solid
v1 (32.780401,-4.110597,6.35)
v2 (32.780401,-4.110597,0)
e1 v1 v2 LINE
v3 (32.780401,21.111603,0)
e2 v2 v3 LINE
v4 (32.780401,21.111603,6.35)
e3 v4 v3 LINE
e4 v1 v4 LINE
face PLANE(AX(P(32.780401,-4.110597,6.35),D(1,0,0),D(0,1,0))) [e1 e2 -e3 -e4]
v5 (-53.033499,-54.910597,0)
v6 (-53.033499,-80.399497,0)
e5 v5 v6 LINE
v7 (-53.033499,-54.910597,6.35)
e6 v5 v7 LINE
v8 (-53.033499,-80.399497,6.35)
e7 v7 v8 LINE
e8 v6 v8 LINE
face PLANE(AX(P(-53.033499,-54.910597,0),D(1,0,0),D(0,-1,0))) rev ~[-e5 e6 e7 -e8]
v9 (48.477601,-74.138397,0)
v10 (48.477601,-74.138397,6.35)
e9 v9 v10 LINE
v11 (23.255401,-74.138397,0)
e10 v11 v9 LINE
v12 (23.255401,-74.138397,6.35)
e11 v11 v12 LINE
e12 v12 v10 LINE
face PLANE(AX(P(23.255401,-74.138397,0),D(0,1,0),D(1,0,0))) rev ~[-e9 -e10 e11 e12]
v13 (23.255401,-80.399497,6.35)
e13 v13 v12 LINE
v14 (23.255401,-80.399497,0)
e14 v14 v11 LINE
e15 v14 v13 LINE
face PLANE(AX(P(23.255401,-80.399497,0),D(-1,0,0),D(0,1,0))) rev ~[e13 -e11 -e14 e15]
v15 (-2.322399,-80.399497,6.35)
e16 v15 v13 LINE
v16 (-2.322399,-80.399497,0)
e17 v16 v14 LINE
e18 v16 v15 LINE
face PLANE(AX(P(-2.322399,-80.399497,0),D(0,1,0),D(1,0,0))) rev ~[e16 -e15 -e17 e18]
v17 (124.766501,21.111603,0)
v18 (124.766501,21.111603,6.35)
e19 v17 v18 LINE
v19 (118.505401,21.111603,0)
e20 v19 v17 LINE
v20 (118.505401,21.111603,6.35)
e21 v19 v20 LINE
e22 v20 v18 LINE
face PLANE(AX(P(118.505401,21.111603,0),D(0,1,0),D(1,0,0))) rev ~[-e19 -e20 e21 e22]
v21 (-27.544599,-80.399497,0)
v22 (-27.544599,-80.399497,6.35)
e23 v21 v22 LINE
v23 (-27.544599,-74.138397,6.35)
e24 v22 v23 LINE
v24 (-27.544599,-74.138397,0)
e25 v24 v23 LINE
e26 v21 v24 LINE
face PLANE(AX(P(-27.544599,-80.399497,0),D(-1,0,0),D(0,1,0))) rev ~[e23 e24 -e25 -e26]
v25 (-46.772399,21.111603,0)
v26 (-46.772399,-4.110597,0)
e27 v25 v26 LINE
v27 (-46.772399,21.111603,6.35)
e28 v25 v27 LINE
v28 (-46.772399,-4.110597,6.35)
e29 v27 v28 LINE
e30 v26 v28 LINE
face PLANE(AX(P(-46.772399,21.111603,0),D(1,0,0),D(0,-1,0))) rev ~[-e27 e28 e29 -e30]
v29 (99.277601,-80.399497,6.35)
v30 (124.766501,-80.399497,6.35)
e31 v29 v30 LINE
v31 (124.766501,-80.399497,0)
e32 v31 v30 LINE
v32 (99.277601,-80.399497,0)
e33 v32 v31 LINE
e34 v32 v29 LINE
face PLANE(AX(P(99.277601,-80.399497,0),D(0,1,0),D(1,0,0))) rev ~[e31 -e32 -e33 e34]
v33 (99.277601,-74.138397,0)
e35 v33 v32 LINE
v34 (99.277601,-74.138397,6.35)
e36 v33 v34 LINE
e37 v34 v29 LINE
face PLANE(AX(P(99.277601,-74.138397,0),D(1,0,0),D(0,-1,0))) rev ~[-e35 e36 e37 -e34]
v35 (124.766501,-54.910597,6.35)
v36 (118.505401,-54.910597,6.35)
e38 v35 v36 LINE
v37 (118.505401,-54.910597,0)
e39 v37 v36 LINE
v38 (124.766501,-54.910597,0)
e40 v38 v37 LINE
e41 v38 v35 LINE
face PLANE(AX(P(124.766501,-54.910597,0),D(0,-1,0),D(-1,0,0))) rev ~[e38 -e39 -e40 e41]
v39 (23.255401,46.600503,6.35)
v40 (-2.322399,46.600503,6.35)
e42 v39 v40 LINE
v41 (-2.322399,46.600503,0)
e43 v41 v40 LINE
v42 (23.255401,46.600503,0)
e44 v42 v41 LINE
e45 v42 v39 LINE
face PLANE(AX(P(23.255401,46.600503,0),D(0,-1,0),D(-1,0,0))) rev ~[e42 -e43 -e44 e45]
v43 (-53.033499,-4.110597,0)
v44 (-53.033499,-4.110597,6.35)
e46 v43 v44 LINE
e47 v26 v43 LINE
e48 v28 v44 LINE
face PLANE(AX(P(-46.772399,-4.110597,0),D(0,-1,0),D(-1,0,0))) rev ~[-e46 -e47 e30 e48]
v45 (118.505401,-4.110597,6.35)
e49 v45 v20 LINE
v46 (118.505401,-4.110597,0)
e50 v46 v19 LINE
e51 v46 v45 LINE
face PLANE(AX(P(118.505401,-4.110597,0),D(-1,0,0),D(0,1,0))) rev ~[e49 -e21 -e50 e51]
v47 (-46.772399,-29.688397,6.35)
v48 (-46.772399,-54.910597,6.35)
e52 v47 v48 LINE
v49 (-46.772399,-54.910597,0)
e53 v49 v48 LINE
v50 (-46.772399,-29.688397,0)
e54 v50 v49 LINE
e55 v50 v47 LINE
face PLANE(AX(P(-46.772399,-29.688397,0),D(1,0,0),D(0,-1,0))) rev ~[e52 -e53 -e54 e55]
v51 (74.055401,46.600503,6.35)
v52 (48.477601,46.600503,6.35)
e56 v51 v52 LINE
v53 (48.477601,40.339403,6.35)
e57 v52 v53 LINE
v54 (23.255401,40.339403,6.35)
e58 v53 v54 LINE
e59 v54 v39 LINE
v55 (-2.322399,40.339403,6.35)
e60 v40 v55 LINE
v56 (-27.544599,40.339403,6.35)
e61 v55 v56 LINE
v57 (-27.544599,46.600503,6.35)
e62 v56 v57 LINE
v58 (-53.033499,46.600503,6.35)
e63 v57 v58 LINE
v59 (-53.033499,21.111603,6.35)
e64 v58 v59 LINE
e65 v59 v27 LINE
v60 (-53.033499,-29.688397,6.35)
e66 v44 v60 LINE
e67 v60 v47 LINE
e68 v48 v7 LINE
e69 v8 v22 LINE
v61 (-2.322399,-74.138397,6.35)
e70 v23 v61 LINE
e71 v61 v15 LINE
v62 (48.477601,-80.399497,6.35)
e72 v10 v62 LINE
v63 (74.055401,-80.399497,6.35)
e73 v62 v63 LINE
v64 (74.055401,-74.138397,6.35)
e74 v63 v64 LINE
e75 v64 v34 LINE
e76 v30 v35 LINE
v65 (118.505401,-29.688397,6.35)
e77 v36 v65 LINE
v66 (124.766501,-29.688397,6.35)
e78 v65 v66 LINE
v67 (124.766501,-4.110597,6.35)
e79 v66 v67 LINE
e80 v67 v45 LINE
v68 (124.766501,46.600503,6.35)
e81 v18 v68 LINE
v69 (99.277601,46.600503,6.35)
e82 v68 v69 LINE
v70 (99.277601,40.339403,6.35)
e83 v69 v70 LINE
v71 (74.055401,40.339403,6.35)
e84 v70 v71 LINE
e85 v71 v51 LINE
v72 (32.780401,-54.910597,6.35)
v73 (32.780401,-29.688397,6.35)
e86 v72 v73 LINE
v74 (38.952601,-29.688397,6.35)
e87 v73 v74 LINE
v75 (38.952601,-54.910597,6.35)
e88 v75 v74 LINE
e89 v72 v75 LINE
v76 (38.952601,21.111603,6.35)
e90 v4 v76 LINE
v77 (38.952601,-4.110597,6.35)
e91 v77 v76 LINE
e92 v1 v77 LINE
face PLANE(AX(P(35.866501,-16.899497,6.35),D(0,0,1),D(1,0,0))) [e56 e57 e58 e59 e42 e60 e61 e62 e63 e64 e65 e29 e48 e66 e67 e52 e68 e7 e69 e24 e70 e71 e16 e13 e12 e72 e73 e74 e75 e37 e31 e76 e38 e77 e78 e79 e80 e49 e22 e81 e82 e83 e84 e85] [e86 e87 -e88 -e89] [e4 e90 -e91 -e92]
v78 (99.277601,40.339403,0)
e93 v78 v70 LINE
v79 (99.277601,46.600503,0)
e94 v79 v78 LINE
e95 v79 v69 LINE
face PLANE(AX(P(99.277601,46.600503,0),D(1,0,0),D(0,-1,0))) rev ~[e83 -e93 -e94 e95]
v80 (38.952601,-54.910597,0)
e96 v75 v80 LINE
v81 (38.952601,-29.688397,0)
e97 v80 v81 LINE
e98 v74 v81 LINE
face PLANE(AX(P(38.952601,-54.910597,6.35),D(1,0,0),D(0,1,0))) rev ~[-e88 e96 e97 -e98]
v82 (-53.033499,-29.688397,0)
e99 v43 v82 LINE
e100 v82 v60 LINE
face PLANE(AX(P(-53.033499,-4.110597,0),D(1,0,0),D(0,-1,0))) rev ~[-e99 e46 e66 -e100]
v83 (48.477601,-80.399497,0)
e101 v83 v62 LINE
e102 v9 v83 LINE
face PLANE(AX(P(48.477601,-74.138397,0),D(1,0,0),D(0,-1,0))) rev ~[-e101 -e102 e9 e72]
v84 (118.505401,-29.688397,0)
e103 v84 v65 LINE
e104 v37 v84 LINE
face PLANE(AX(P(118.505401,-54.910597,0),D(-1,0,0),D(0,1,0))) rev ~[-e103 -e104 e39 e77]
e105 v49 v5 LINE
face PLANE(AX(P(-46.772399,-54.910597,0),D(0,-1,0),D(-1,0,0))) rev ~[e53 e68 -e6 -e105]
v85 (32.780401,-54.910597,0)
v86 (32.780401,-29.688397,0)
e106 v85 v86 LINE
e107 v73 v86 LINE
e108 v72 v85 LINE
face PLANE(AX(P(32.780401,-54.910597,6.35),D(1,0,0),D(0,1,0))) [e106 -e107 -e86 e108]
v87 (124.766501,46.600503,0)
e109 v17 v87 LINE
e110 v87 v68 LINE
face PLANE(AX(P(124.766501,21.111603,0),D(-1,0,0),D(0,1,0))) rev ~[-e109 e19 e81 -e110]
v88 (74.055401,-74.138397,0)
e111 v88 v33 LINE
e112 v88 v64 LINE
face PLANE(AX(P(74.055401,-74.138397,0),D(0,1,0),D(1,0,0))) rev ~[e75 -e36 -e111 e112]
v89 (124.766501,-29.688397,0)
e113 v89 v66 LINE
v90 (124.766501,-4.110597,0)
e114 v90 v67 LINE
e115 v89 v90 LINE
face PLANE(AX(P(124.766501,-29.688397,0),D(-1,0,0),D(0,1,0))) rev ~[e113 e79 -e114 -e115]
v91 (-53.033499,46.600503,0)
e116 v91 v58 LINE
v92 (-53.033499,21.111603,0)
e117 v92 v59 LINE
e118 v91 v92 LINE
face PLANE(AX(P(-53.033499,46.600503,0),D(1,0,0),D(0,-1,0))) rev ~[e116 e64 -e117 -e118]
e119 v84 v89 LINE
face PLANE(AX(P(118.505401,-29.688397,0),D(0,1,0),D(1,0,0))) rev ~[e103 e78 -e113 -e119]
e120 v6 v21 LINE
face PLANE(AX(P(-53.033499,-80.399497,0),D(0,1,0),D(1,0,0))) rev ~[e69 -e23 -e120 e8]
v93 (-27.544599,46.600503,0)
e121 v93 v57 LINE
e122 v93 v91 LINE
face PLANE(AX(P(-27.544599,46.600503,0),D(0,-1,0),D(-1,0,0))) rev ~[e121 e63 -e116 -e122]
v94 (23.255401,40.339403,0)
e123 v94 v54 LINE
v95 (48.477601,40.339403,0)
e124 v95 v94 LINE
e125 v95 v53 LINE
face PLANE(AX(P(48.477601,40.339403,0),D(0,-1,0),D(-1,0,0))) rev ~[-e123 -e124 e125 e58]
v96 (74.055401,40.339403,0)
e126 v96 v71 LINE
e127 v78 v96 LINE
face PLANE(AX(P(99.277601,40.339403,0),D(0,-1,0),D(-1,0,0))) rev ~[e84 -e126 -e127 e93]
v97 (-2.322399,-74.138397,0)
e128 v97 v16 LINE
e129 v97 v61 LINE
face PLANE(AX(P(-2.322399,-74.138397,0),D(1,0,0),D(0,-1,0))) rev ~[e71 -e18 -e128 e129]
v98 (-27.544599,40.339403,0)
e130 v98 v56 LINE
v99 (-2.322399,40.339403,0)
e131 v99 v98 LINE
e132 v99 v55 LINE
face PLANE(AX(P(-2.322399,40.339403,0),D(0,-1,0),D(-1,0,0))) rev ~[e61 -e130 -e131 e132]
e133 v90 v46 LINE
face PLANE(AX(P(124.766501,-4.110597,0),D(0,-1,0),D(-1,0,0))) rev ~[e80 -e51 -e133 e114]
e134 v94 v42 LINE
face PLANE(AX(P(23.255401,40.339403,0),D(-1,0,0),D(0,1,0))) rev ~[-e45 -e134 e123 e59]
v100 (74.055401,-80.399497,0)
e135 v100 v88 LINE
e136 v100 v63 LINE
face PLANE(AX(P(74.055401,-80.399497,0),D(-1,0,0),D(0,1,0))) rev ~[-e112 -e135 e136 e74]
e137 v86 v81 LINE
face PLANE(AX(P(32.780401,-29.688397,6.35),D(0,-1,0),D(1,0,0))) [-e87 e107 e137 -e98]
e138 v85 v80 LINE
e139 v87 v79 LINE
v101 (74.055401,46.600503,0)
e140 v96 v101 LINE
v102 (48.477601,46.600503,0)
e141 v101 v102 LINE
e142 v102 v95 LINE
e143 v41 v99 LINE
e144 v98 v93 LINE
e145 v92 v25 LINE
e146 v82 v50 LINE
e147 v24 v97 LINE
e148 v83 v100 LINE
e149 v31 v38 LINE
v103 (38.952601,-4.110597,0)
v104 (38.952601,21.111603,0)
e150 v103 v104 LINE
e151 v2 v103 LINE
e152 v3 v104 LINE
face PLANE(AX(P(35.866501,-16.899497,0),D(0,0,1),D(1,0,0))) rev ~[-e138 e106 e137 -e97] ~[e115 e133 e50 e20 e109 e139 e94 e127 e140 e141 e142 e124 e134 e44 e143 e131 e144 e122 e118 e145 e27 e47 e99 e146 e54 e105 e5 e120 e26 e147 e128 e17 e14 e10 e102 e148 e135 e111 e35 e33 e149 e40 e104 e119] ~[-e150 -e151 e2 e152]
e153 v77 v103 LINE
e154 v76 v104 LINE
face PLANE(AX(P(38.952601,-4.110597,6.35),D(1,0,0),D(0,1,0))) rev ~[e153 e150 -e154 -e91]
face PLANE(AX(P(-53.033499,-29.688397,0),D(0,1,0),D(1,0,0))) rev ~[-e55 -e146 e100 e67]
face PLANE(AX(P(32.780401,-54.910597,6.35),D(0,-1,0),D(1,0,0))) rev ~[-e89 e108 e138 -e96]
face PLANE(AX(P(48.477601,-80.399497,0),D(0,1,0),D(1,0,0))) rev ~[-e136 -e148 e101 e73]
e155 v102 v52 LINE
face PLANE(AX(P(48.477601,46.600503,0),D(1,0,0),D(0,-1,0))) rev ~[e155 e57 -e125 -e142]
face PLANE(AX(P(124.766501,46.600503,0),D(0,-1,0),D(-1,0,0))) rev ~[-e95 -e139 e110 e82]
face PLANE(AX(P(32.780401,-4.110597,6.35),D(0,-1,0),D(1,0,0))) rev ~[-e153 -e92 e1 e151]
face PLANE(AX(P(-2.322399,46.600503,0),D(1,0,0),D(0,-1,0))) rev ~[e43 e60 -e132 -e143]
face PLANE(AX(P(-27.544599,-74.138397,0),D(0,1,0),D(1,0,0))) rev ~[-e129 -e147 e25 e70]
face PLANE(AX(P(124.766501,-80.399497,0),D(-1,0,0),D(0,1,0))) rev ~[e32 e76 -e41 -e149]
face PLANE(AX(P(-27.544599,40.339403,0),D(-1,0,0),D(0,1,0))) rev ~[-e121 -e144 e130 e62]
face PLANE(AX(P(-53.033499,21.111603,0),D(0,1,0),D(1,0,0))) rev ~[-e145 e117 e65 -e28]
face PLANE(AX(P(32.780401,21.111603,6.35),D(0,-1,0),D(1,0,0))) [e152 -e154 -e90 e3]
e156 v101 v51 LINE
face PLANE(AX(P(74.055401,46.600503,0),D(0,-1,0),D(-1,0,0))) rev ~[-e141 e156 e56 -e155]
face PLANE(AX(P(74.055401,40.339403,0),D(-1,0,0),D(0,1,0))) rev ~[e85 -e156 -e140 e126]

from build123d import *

# Parameters (mm, degrees)
F1_DEPTH = 6.35
F2_W     = 6.1722
F2_H     = 25.2222
F3_DEPTH = 25.4


with BuildPart() as f1:
    # F0 (on Top) → F1 (new body)
    with BuildSketch(Plane.XY):
        Polygon((-27.544599, 46.600503), (-53.033499, 46.600503), (-53.033499, 21.111603), (-46.772399, 21.111603), (-46.772399, -4.110597), (-53.033499, -4.110597), (-53.033499, -29.688397), (-46.772399, -29.688397), (-46.772399, -54.910597), (-53.033499, -54.910597), (-53.033499, -80.399497), (-27.544599, -80.399497), (-27.544599, -74.138397), (-2.322399, -74.138397), (-2.322399, -80.399497), (23.255401, -80.399497), (23.255401, -74.138397), (48.477601, -74.138397), (48.477601, -80.399497), (74.055401, -80.399497), (74.055401, -74.138397), (99.277601, -74.138397), (99.277601, -80.399497), (124.766501, -80.399497), (124.766501, -54.910597), (118.505401, -54.910597), (118.505401, -29.688397), (124.766501, -29.688397), (124.766501, -4.110597), (118.505401, -4.110597), (118.505401, 21.111603), (124.766501, 21.111603), (124.766501, 46.600503), (99.277601, 46.600503), (99.277601, 40.339403), (74.055401, 40.339403), (74.055401, 46.600503), (48.477601, 46.600503), (48.477601, 40.339403), (23.255401, 40.339403), (23.255401, 46.600503), (-2.322399, 46.600503), (-2.322399, 40.339403), (-27.544599, 40.339403), align=None)
    extrude(amount=F1_DEPTH)

    # F2 (on face) → F3 (cut)
    with BuildSketch(Plane.XY.offset(6.35)):
        with Locations((35.866501, -42.299497)):
            Rectangle(F2_W, F2_H)
        with Locations((35.866501, 8.500503)):
            Rectangle(F2_W, F2_H)
    extrude(amount=-F3_DEPTH, mode=Mode.SUBTRACT)


solid = f1.part
